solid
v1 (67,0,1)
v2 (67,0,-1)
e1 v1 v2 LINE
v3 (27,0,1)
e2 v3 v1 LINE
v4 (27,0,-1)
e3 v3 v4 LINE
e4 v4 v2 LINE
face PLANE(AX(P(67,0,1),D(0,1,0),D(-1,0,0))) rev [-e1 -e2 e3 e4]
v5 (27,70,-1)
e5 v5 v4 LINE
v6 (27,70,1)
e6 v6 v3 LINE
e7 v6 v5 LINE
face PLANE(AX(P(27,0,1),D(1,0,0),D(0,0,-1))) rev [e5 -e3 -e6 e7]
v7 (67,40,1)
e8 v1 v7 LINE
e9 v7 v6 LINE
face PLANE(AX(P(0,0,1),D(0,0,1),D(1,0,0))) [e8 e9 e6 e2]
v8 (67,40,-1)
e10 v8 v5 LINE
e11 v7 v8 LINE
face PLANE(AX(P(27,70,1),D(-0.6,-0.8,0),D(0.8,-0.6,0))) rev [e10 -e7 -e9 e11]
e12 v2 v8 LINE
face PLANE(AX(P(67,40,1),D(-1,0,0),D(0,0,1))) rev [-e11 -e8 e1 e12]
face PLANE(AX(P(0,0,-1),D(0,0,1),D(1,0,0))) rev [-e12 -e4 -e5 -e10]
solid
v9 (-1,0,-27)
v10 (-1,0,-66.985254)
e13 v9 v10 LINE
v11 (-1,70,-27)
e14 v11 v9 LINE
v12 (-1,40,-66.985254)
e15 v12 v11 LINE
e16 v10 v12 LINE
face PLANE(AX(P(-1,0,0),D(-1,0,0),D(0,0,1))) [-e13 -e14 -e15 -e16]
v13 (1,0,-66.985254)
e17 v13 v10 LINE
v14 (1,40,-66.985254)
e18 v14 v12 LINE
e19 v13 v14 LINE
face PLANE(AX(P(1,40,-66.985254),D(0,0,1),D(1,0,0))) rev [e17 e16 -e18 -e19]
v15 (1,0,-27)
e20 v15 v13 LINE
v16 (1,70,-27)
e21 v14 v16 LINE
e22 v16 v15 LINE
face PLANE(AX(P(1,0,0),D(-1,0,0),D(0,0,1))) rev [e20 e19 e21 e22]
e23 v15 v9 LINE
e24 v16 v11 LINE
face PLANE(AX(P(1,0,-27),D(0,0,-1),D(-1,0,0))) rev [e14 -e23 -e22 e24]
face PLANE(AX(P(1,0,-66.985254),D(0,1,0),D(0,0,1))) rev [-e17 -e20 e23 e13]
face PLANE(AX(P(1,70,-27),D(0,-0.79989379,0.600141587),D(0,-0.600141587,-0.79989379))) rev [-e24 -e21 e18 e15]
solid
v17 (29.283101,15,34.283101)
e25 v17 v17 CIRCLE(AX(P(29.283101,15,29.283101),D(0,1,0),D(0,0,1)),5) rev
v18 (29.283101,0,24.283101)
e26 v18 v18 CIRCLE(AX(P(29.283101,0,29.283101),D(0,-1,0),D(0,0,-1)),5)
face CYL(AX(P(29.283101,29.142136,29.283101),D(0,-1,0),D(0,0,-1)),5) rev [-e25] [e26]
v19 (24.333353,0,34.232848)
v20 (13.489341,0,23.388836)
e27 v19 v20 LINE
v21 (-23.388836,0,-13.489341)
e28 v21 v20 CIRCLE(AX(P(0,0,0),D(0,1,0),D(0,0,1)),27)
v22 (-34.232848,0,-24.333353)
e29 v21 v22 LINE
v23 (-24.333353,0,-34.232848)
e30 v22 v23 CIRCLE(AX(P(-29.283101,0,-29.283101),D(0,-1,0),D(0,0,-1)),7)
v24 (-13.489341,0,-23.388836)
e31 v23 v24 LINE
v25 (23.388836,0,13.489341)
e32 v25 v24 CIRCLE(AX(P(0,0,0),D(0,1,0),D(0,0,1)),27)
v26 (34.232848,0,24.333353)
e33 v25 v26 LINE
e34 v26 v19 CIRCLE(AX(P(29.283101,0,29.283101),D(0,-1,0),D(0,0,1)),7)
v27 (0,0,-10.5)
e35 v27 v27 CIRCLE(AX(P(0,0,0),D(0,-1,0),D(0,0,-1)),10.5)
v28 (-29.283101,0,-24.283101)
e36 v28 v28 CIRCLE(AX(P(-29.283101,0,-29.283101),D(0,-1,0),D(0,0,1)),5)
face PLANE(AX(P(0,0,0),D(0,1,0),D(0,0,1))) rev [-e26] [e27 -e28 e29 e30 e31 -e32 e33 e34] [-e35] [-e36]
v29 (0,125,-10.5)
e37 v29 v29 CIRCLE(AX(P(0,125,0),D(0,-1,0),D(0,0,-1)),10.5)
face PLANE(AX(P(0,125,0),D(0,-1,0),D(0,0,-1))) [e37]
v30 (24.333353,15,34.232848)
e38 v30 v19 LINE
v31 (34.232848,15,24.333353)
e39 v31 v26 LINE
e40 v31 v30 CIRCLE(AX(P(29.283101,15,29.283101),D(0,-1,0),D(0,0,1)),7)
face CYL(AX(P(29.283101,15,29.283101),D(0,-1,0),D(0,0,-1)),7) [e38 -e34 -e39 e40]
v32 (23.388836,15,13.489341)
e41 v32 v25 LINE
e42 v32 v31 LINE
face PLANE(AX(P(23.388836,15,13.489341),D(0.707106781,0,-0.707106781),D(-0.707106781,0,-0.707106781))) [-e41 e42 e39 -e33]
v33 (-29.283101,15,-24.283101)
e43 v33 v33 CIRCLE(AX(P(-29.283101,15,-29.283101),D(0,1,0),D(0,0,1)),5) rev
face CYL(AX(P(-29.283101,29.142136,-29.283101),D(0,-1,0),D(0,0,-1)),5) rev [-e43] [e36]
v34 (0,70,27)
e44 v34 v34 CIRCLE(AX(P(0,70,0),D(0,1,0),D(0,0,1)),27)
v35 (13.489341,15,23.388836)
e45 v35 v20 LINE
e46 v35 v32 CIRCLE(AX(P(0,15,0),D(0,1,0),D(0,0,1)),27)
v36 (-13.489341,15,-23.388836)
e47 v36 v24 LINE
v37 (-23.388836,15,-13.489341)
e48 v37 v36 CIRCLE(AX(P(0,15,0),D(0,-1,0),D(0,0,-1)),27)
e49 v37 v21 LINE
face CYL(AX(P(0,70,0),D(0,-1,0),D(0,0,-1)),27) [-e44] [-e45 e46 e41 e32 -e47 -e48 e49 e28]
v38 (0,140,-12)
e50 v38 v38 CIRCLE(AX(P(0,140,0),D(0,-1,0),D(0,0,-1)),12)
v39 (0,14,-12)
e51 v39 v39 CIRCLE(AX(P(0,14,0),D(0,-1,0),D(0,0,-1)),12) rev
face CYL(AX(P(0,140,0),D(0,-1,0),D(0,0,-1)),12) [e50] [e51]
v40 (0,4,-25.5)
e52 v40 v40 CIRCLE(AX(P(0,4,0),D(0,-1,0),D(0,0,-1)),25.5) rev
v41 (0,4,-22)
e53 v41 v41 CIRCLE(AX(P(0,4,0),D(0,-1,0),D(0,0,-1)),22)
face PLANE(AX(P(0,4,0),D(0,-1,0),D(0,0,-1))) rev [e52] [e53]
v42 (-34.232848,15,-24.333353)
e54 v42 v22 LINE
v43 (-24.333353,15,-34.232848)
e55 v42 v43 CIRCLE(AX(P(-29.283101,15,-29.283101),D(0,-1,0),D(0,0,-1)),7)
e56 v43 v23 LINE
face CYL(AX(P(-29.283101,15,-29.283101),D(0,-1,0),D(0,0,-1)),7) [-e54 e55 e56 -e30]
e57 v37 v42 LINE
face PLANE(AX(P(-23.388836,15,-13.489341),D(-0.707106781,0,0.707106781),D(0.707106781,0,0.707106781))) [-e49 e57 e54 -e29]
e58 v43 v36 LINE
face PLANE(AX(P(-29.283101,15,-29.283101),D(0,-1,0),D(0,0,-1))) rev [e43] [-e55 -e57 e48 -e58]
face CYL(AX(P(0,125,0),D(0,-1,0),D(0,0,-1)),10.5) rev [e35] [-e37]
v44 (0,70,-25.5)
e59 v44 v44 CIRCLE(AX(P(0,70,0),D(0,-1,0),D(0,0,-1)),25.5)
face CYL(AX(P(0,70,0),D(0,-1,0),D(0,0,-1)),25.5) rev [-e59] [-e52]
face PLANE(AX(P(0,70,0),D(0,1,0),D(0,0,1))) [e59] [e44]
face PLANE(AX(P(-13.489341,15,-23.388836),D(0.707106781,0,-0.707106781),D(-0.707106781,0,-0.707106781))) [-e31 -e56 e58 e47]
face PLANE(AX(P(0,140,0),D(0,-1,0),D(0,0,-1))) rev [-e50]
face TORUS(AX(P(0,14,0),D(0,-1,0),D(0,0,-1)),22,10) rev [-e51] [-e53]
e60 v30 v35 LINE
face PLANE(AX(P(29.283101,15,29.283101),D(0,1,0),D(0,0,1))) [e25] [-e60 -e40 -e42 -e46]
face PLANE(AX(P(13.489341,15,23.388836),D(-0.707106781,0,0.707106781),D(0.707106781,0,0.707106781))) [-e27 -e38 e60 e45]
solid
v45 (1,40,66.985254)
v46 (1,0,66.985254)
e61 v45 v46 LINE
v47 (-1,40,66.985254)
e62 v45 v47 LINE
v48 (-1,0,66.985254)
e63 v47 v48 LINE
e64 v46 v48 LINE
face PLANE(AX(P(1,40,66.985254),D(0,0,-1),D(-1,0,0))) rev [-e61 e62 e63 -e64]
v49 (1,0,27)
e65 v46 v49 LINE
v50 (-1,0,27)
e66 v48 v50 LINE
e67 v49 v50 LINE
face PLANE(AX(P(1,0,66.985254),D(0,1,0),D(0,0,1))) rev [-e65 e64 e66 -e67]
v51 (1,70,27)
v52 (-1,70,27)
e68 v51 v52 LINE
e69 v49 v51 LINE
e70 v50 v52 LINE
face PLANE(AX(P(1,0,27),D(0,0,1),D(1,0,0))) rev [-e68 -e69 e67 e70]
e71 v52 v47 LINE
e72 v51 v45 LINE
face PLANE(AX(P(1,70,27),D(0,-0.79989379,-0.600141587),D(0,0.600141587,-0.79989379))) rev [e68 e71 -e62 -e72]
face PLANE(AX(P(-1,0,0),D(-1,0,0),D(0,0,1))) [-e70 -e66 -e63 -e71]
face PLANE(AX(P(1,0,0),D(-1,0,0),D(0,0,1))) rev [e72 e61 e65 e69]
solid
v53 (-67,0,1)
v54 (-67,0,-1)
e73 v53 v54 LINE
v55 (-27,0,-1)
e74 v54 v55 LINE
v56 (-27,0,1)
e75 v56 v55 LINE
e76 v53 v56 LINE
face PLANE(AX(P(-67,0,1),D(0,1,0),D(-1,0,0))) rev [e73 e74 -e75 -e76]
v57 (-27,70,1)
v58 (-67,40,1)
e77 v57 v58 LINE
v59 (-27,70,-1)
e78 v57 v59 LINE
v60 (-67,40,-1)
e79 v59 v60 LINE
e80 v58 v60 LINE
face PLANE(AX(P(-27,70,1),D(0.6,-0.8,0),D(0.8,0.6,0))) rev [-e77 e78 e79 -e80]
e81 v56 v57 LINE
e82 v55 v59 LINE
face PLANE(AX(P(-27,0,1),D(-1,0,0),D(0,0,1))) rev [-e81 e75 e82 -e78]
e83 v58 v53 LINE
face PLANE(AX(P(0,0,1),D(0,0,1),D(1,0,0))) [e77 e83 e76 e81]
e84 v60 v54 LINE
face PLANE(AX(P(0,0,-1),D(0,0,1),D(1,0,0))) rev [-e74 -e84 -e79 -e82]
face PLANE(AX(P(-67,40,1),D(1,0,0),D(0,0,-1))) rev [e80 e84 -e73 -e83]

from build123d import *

# Parameters (mm, degrees)
SKETCH1_R             = 27
BOSS_EXTRUDE1_DEPTH   = 70
BOSS_EXTRUDE2_DEPTH   = 1
BOSS_EXTRUDE2_2_DEPTH = 1
BOSS_EXTRUDE3_DEPTH   = 1
BOSS_EXTRUDE3_2_DEPTH = 1
SKETCH4_R             = 25.5
CUT_EXTRUDE1_DEPTH    = 118.796537442
SKETCH9_R             = 27
BOSS_EXTRUDE6_DEPTH   = 4
SKETCH10_R            = 12
BOSS_EXTRUDE7_DEPTH   = 140
SKETCH11_R            = 10.5
CUT_EXTRUDE3_DEPTH    = 125
FILLET1_R             = 10
BOSS_EXTRUDE8_DEPTH   = 15
SKETCH14_R            = 5
CUT_EXTRUDE4_DEPTH    = 15


with BuildPart() as part:
    # Sketch1 → Boss-Extrude1 (new body)
    with BuildSketch(Plane(origin=(0, 0, 0), x_dir=(1, 0, 0), z_dir=(0, 1, 0))):
        with Locations(Location((0, 0, 0), (0, 0, 270))):
            Circle(SKETCH1_R)
    extrude(amount=BOSS_EXTRUDE1_DEPTH)

    # Sketch4 → Cut-Extrude1 (cut, through all)
    with BuildSketch(Plane(origin=(0, 0, 0), x_dir=(-1, 0, 0), z_dir=(0, -1, 0))):
        with Locations(Location((0, 0, 0), (0, 0, 90))):
            Circle(SKETCH4_R)
    extrude(amount=-CUT_EXTRUDE1_DEPTH, mode=Mode.SUBTRACT)

    # Sketch9 → Boss-Extrude6 (add)
    with BuildSketch(Plane.XZ):
        with Locations(Location((0, 0, 0), (0, 0, 90))):
            Circle(SKETCH9_R)
    extrude(amount=-BOSS_EXTRUDE6_DEPTH)

    # Sketch10 → Boss-Extrude7 (add)
    with BuildSketch(Plane.XZ):
        with Locations(Location((0, 0, 0), (0, 0, 270))):
            Circle(SKETCH10_R)
    extrude(amount=-BOSS_EXTRUDE7_DEPTH)

    # Sketch11 → Cut-Extrude3 (cut)
    with BuildSketch(Plane.XZ):
        with Locations(Location((0, 0, 0), (0, 0, 270))):
            Circle(SKETCH11_R)
    extrude(amount=-CUT_EXTRUDE3_DEPTH, mode=Mode.SUBTRACT)

    # Fillet1
    fillet1_edges = [part.edges().sort_by_distance(p)[0] for p in [
        (0, 4, 12),
    ]]
    fillet(fillet1_edges, radius=FILLET1_R)

    # Sketch13 → Boss-Extrude8 (add)
    with BuildSketch(Plane.XZ):
        with BuildLine():
            Line((13.489341446, 23.388836383), (24.33335346, 34.232848397))
            ThreePointArc((24.33335346, 34.232848397), (34.232848397, 34.232848397), (34.232848397, 24.33335346))
            Line((34.232848397, 24.33335346), (23.388836383, 13.489341446))
            Line((23.388836383, 13.489341446), (13.489341446, 23.388836383))
        make_face()
        with BuildLine():
            Line((-23.388836383, -13.489341446), (-34.232848397, -24.33335346))
            ThreePointArc((-34.232848397, -24.33335346), (-34.232848397, -34.232848397), (-24.33335346, -34.232848397))
            Line((-24.33335346, -34.232848397), (-13.489341446, -23.388836383))
            Line((-13.489341446, -23.388836383), (-23.388836383, -13.489341446))
        make_face()
    extrude(amount=-BOSS_EXTRUDE8_DEPTH)

    # Sketch14 → Cut-Extrude4 (cut)
    with BuildSketch(Plane.XZ):
        with Locations(Location((29.283100929, 29.283100929, 0), (0, 0, 270))):
            Circle(SKETCH14_R)
        with Locations(Location((-29.283100929, -29.283100929, 0), (0, 0, 90))):
            Circle(SKETCH14_R)
    extrude(amount=-CUT_EXTRUDE4_DEPTH, mode=Mode.SUBTRACT)


with BuildPart() as body_2:
    # Sketch2 → Boss-Extrude2 (new, symmetric)
    with BuildSketch(Plane.XY):
        Polygon((27, 70), (67, 40), (67, 0), (27, 0), align=None)
    extrude(amount=BOSS_EXTRUDE2_DEPTH, both=True)


with BuildPart() as body_3:
    # Sketch2 → Boss-Extrude2 2 (new, symmetric)
    with BuildSketch(Plane.XY):
        Polygon((-67, 0), (-27, 0), (-27, 70), (-67, 40), align=None)
    extrude(amount=BOSS_EXTRUDE2_2_DEPTH, both=True)


with BuildPart() as body_4:
    # Sketch3 → Boss-Extrude3 (new, symmetric)
    with BuildSketch(Plane(origin=(0, 0, 0), x_dir=(0, 0, -1), z_dir=(1, 0, 0))):
        Polygon((-27, 70), (-66.985253851, 40), (-66.985253851, 0), (-27, 0), align=None)
    extrude(amount=BOSS_EXTRUDE3_DEPTH, both=True)


with BuildPart() as body_5:
    # Sketch3 → Boss-Extrude3 2 (new, symmetric)
    with BuildSketch(Plane(origin=(0, 0, 0), x_dir=(0, 0, -1), z_dir=(1, 0, 0))):
        Polygon((27, 0), (27, 70), (66.985253851, 40), (66.985253851, 0), align=None)
    extrude(amount=BOSS_EXTRUDE3_2_DEPTH, both=True)


solid = Compound([part.part, body_2.part, body_3.part, body_4.part, body_5.part])
